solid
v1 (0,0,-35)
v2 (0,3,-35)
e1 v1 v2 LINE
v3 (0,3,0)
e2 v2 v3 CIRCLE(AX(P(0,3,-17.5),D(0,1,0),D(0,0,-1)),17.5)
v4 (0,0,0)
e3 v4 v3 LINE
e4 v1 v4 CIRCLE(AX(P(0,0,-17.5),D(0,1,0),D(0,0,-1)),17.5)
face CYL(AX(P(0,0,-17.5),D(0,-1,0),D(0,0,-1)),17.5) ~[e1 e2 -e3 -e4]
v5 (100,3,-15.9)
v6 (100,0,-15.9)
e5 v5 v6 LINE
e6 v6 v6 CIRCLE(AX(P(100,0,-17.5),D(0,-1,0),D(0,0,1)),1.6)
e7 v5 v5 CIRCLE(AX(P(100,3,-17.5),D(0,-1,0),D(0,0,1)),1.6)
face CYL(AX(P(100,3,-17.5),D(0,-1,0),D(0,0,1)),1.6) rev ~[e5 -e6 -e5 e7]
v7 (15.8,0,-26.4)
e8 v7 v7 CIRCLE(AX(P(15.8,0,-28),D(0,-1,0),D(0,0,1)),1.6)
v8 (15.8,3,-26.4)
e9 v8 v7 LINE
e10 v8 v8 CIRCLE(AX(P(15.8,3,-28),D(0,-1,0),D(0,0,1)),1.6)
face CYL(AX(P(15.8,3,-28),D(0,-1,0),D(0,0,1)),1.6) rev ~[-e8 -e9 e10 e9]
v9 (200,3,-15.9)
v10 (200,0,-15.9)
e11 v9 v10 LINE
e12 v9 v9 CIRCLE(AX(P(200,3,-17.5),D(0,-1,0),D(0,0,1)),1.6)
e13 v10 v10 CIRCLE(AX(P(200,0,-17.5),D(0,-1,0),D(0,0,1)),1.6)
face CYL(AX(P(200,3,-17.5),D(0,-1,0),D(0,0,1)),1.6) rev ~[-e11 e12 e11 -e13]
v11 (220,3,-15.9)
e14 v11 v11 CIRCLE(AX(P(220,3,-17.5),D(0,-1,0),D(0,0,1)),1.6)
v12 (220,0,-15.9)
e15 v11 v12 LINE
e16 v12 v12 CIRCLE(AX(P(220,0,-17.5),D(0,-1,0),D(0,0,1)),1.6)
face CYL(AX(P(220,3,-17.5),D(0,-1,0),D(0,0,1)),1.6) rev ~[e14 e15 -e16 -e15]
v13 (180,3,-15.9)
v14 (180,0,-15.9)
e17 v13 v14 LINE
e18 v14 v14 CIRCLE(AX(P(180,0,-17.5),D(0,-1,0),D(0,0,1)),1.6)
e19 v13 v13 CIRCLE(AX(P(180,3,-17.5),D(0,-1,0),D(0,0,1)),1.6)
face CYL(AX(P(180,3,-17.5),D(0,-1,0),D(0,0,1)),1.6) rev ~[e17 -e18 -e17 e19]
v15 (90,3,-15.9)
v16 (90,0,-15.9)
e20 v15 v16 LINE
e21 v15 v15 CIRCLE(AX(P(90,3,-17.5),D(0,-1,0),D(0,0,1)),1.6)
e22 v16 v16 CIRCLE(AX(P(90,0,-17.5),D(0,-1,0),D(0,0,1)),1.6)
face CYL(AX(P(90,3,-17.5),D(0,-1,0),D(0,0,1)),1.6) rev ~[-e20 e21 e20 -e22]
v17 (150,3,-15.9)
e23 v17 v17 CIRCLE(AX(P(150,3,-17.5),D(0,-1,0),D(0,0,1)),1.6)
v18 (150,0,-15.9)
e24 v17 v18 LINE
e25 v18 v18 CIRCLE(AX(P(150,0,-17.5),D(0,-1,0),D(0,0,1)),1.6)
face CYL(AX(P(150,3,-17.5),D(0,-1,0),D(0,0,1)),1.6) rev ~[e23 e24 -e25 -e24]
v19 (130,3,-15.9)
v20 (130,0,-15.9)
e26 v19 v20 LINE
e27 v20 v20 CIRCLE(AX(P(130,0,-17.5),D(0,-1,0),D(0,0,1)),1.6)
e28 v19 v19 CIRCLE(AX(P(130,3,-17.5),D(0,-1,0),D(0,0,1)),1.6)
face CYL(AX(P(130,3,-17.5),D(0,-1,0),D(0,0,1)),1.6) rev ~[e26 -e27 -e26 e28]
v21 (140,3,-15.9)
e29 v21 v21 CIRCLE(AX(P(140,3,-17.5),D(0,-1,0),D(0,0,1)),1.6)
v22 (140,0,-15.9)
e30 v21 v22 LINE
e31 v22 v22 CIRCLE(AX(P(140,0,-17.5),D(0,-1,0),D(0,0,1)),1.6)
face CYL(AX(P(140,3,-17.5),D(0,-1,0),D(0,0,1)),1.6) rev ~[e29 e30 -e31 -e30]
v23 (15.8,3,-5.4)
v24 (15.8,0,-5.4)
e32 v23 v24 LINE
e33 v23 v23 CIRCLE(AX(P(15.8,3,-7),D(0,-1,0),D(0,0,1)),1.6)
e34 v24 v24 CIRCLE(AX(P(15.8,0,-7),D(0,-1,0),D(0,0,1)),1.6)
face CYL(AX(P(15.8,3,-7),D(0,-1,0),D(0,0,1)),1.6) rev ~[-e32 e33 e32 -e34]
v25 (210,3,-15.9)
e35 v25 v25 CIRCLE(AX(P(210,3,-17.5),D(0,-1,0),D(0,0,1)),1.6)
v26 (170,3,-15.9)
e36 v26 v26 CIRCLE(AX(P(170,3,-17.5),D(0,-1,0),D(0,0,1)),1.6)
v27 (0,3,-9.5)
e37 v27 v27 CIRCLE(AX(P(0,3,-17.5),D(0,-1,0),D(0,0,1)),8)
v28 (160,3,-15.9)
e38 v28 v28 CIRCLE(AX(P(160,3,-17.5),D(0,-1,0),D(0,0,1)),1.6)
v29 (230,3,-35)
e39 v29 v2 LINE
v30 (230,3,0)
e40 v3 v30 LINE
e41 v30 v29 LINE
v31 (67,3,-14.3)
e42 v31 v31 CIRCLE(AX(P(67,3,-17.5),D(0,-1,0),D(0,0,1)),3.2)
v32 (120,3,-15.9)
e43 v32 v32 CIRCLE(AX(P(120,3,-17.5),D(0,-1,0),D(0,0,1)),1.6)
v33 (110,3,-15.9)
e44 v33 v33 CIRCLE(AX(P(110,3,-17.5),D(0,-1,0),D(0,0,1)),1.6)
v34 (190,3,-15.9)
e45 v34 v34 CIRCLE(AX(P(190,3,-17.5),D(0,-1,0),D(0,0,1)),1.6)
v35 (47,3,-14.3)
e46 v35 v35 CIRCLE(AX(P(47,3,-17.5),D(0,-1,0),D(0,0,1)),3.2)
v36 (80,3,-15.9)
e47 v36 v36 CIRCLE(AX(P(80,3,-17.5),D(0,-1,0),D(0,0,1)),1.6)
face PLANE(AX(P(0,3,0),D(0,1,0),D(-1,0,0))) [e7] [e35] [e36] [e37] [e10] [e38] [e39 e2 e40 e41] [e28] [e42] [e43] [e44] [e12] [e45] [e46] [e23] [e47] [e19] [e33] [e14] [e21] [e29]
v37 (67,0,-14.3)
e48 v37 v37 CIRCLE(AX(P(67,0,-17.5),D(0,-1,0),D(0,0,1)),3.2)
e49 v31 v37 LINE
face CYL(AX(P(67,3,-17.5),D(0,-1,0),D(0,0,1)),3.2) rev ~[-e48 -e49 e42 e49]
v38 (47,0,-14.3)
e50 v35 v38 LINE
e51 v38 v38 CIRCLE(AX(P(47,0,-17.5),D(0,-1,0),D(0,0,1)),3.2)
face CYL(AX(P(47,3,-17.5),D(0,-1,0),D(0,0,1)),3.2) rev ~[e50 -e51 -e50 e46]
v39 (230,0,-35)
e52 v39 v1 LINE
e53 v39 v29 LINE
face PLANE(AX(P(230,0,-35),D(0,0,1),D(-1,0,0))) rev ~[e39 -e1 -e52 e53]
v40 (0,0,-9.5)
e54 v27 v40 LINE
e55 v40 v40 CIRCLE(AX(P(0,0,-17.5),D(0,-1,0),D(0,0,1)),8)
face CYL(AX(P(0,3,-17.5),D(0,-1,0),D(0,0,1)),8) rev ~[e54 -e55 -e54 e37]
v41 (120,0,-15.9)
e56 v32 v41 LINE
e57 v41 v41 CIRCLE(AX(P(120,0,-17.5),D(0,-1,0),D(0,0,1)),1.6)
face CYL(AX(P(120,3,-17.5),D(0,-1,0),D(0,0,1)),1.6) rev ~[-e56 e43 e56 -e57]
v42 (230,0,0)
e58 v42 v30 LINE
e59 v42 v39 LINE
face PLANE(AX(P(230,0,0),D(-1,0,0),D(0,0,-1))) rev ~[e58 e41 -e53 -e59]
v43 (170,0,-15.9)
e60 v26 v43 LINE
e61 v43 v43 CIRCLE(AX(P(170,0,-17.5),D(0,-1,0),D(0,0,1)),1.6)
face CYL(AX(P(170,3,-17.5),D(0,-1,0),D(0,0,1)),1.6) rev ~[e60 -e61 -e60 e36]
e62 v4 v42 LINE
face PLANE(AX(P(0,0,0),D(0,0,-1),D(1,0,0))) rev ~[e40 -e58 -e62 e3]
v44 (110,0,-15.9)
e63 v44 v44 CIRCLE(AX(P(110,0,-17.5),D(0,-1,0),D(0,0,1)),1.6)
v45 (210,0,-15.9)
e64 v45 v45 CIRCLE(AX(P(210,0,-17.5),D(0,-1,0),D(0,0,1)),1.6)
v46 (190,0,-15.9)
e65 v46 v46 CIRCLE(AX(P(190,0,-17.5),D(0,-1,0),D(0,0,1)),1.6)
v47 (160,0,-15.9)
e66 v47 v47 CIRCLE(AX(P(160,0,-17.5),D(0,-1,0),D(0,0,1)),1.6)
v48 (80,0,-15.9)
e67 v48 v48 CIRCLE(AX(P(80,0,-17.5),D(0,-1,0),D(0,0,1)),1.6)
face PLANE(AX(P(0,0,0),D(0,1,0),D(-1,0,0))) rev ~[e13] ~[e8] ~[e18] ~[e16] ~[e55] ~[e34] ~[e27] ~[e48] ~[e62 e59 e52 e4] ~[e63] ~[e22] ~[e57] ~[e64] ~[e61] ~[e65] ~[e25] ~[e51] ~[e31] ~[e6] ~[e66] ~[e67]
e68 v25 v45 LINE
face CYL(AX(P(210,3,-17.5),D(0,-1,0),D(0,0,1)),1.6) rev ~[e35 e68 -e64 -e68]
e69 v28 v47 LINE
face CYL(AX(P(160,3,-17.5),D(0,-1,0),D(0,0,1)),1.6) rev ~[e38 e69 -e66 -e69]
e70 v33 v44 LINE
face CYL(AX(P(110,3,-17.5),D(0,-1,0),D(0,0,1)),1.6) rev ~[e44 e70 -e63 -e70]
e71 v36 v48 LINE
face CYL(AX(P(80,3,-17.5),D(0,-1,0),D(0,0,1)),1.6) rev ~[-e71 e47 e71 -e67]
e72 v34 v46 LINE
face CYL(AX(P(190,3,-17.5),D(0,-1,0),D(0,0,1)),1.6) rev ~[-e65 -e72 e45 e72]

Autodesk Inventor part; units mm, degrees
ref_plane "YZ Plane" through (0, 0, 0) normal (1, 0, 0) x (0, 1, 0)
ref_plane "XZ Plane" through (0, 0, 0) normal (0, 1, 0) x (-1, 0, 0)
ref_plane "XY Plane" through (0, 0, 0) normal (0, 0, 1) x (1, 0, 0)
sketch "スケッチ1" plane through (0, 0, 0) normal (0, 1, 0) x (-1, 0, 0)
  line L0 (0, 0) -> (-230, 0)
  line L1 (-230, 0) -> (-230, -35)
  line L2 (-230, -35) -> (0, -35)
  line L3 (0, -35) -> (0, 0)
  arc A0 (0, -35) -> (0, 0) centre (0, -17.5) ccw
  dimension "d0" = 230
  dimension "d1" = 35
  dimension "d2" = 17.5
extrude "押し出し1" add sketch "スケッチ1" along normal blind 3
sketch "スケッチ2" plane through (0, 3, 0) normal (0, 1, 0) x (1, 0, 0)
  line L0 (0, 17.5) -> (238.6526, 17.5)
  line L1 (0, 0) -> (230, 0) projected
  arc A0 (0, 35) -> (0, 0) centre (0, 17.5) ccw projected
  point P0 (90, 17.5)
  point P1 (100, 17.5)
  point P2 (110, 17.5)
  point P3 (120, 17.5)
  point P4 (130, 17.5)
  point P5 (140, 17.5)
  point P6 (150, 17.5)
  point P7 (160, 17.5)
  point P8 (170, 17.5)
  point P9 (180, 17.5)
  point P10 (190, 17.5)
  point P11 (200, 17.5)
  point P12 (210, 17.5)
  point P13 (-17.5, 17.5)
  point P14 (220, 17.5)
  point P15 (80, 17.5)
  dimension "d5" = 17.5
  dimension "d13" = 10
  dimension "d14" = 10
  dimension "d15" = 10
  dimension "d16" = 10
  dimension "d17" = 10
  dimension "d18" = 10
  dimension "d19" = 10
  dimension "d20" = 10
  dimension "d21" = 10
  dimension "d22" = 10
  dimension "d23" = 10
  dimension "d24" = 10
  dimension "d35" = 17.5
  dimension "d67" = 10
  dimension "d78" = 10
  dimension "d96" = 80
hole "穴1" at (90, 3, -17.5) at (100, 3, -17.5) at (110, 3, -17.5) at (120, 3, -17.5) at (130, 3, -17.5) at (140, 3, -17.5) at (150, 3, -17.5) at (160, 3, -17.5) at (170, 3, -17.5) at (180, 3, -17.5) at (190, 3, -17.5) at (200, 3, -17.5) at (210, 3, -17.5) at (220, 3, -17.5) at (80, 3, -17.5) direction (0, -1, 0) diameter 3.2 end through all
sketch "スケッチ3" plane through (0, 3, 0) normal (0, 1, 0) x (1, 0, 0)
  line L0 (230, 35) -> (0, 35) projected
  point P0 (0, 0)
  point P1 (0, 17.5)
  dimension "d36" = 17.5
hole "穴2" at (0, 3, -17.5) direction (0, -1, 0) diameter 16 end through all
sketch "スケッチ4" plane through (0, 3, 0) normal (0, 1, 0) x (1, 0, 0)
  circle A0 centre (0, 17.5) radius 6
  circle A1 centre (0, 17.5) radius 8 projected
  line L0 (-0.1439, 17.5) -> (-6.5454, 17.5)
  line L1 (-6.5454, 17.5) -> (7.5104, 17.5)
  point P0 (0, 0)
  point P1 (0, 11.5)
  point P2 (6, 17.5)
  point P3 (0, 23.5)
  point P4 (-6, 17.5)
  dimension "d44" = 12
  dimension "d45" = 0
hole "穴3" [suppressed]
sketch "スケッチ5" plane through (0, 3, 0) normal (0, 1, 0) x (1, 0, 0)
  circle A0 centre (0, 17.5) radius 8 projected
  point P0 (0, 0)
  point P1 (15.8, 7)
  point P2 (15.8, 28)
  point P3 (24.9999, 17.5)
  dimension "d53" = 10.5
  dimension "d55" = 15.8
  dimension "d56" = 15.8
  dimension "d83" = 10.5
hole "穴4" at (15.8, 3, -28) at (15.8, 3, -7) direction (0, -1, 0) diameter 3.2 end through all
sketch "スケッチ6" plane through (0, 3, 0) normal (0, 1, 0) x (1, 0, 0)
  circle A0 centre (0, 17.5) radius 8 construction
  line L0 (0, 17.5) -> (230, 17.5) construction
  line L1 (230, 0) -> (230, 35) construction
  point P0 (0, 0)
  point P1 (67, 17.5)
  point P2 (47, 17.5)
  dimension "d69" = 47
  dimension "d70" = 20
hole "穴5" at (67, 3, -17.5) at (47, 3, -17.5) direction (0, -1, 0) diameter 6.4 end through all
sketch "スケッチ7" plane through (0, 3, 0) normal (0, 1, 0) x (1, 0, 0)
  circle A0 centre (0, 17.5) radius 8 construction
  circle A1 centre (0, 17.5) radius 12.5 construction
  point P0 (0, 0)
  point P1 (0, 5)
  point P2 (12.5, 17.5)
  point P3 (0, 30)
  point P4 (-12.5, 17.5)
  dimension "d84" = 25
  dimension "d87" = 360
hole "穴6" [suppressed]
properties part number "shoulder2_lower_left_plate" material "アルミニウム 5052"
